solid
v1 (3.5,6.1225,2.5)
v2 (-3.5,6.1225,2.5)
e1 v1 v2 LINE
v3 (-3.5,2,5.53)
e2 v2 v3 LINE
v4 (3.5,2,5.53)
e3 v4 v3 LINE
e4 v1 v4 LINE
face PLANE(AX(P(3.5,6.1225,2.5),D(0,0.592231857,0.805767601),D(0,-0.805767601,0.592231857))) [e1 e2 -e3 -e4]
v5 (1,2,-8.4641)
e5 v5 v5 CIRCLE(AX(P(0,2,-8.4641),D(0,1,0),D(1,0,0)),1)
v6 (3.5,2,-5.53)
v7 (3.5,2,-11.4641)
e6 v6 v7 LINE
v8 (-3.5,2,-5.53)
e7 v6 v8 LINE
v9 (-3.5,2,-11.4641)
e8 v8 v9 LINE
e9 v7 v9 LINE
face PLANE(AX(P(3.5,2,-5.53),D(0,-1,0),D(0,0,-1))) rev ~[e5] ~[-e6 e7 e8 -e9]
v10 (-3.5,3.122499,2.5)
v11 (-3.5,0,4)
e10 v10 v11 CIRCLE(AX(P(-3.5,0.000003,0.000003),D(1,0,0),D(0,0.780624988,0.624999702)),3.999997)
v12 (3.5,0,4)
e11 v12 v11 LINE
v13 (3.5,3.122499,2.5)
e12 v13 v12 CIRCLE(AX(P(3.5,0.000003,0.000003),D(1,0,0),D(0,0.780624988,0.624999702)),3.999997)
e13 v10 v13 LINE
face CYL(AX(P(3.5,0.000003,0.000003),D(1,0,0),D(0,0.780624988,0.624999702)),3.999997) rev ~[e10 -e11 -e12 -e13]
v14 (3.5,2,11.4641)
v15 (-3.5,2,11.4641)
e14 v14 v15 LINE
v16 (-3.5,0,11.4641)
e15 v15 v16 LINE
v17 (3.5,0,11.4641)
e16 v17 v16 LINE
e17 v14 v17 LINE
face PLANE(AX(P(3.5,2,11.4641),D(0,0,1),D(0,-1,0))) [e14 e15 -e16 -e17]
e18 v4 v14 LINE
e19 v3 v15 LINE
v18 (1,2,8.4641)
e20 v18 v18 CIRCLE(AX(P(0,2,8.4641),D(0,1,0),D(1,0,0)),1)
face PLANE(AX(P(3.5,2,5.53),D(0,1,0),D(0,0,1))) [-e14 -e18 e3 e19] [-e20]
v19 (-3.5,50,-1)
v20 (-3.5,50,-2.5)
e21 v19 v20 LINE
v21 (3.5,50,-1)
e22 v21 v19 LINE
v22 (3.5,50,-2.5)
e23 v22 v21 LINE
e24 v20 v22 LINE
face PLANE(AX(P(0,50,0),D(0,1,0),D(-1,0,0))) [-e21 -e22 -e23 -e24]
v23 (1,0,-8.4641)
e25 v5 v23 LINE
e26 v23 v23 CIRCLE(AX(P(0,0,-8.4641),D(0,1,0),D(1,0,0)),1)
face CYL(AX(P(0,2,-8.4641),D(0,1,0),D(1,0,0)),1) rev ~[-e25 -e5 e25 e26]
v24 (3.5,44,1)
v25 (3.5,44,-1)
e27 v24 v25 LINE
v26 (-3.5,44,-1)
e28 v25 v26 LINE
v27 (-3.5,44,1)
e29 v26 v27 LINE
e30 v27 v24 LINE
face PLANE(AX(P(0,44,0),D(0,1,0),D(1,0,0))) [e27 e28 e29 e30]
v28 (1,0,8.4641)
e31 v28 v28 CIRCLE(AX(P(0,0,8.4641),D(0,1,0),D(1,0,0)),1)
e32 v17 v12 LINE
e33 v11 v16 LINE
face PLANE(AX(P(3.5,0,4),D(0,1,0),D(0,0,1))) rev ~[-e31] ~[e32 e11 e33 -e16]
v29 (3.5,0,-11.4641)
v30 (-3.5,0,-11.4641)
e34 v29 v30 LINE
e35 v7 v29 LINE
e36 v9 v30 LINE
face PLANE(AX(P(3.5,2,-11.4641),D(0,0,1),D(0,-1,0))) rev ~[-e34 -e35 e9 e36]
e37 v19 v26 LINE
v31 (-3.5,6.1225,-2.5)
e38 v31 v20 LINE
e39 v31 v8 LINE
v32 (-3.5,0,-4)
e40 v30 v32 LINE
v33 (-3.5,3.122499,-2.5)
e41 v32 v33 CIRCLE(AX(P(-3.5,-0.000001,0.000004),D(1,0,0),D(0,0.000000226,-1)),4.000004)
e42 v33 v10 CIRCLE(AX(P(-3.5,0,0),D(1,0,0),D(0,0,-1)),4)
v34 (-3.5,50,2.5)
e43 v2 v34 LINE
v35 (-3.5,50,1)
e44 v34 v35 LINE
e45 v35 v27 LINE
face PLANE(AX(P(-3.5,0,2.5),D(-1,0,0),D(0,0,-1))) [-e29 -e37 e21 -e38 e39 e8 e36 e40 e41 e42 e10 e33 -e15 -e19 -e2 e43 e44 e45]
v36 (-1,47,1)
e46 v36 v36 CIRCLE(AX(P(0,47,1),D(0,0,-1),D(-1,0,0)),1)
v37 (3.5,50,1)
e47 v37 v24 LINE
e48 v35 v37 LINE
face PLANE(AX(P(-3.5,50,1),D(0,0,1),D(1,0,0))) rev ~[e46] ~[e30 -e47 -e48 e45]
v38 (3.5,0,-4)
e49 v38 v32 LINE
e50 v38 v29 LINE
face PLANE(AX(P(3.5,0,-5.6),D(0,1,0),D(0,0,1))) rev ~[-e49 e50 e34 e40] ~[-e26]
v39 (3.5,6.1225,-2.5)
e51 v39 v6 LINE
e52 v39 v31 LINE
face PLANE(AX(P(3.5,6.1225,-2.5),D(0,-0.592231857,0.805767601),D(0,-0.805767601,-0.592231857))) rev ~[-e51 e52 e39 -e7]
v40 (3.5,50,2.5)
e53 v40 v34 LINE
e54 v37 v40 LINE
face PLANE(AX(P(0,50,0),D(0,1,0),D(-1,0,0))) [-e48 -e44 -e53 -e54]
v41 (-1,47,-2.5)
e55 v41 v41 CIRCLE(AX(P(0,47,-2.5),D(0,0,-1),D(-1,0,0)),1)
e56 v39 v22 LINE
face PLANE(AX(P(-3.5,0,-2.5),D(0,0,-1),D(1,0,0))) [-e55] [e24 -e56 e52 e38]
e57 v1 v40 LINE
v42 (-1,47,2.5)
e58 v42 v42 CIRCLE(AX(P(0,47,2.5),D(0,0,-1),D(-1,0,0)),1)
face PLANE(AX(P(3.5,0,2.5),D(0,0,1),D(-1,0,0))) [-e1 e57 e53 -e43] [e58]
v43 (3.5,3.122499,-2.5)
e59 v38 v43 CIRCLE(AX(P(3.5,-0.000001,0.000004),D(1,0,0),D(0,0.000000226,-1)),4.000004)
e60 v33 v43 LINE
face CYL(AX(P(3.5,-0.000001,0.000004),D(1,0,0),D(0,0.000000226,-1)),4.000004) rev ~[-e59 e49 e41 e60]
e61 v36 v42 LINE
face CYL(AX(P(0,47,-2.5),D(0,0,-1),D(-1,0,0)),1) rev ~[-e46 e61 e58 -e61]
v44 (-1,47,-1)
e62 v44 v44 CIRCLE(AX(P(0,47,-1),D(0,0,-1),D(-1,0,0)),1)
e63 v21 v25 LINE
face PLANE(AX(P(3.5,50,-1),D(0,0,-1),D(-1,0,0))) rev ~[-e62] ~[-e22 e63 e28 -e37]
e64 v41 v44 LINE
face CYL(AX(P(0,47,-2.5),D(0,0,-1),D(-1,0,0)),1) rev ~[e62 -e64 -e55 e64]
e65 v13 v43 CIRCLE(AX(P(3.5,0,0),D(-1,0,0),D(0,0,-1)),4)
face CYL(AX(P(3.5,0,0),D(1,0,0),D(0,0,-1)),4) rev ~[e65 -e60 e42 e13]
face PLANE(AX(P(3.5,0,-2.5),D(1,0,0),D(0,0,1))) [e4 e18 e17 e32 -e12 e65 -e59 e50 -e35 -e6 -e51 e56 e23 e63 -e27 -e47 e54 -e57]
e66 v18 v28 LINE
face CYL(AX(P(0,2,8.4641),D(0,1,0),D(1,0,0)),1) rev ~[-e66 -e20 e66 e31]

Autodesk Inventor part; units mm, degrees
ref_plane "YZ Plane" through (0, 0, 0) normal (1, 0, 0) x (0, 1, 0)
ref_plane "XZ Plane" through (0, 0, 0) normal (0, 1, 0) x (-1, 0, 0)
ref_plane "XY Plane" through (0, 0, 0) normal (0, 0, 1) x (1, 0, 0)
sketch "Sketch1" plane through (0, 0, 0) normal (0, 1, 0) x (-1, 0, 0)
  line L0 (-3.5, 2.5) -> (3.5, 2.5)
  line L1 (3.5, 2.5) -> (3.5, -2.5)
  line L2 (3.5, -2.5) -> (-3.5, -2.5)
  line L3 (-3.5, -2.5) -> (-3.5, 2.5)
  line L4 (-3.5, 2.5) -> (3.5, -2.5) construction
  line L5 (3.5, 2.5) -> (-3.5, -2.5) construction
  point P0 (0, 0)
  dimension "d0" = 5
  dimension "d1" = 7
extrude "Extrusion1" add sketch "Sketch1" along normal blind 50
sketch "Sketch2" plane through (0, 50, 0) normal (0, 1, 0) x (1, 0, 0)
  line L0 (-3.5, -2.5) -> (3.5, -2.5) projected
  line L1 (3.5, -2.5) -> (3.5, 2.5) projected
  line L2 (3.5, 2.5) -> (-3.5, 2.5) projected
  line L3 (-3.5, 2.5) -> (-3.5, -2.5) projected
  line L4 (-3.5, -1) -> (3.5, -1)
  line L5 (3.5, -1) -> (3.5, 1)
  line L6 (3.5, 1) -> (-3.5, 1)
  line L7 (-3.5, 1) -> (-3.5, -1)
  point P0 (0, 0)
  dimension "d4" = 1.5
  dimension "d5" = 1.5
extrude "Extrusion2" cut sketch "Sketch2" against normal blind 6 contours L3 L6 L1 L4
sketch "Sketch3" plane through (3.5, 0, -2.5) normal (0, 0, -1) x (-1, 0, 0)
  line L0 (7, 0) -> (7, 50) projected
  line L1 (0, 50) -> (7, 50) projected
  circle A0 centre (3.5, 47) radius 1
  point P0 (3.5, 0)
  dimension "d8" = 2
  dimension "d9" = 3
  dimension "d10" = 3.5
extrude "Extrusion3" cut sketch "Sketch3" against normal through all
sketch "Sketch4" plane through (3.5, 0, 2.5) normal (1, 0, 0) x (0, 0, -1)
  line L0 (5, 0) -> (5, 50) projected
  line L1 (0, 0) -> (0, 50) projected
  line L2 (0, 0) -> (5, 0) projected
  circle A0 centre (2.5, 0) radius 4
  line L3 (8.1, 0) -> (-3.1, 0) projected
  dimension "d21" = 8
extrude "Extrusion4" cut sketch "Sketch4" against normal through all
sketch "Sketch6" plane through (3.5, 44, -1) normal (1, 0, 0) x (0, 0, -1)
  arc A0 (1.5, -40.8775) -> (-3.5, -40.8775) centre (-1, -44) ccw construction
  line L0 (1.5, -40.8775) -> (1.5, 6) projected
  line L1 (-3.5, -40.8775) -> (-3.5, 6) projected
  arc A1 (-3.5, -40.8775) -> (-5, -44) centre (-1, -44) ccw
  line L2 (4.6, -44) -> (-6.6, -44) projected
  line L3 (-15.2174, -44) -> (-5, -44) construction
  arc A2 (1.5, -40.8775) -> (-3.5, -40.8775) centre (-1, -44) ccw
  arc A3 (-5, -44) -> (3, -44) centre (-1, -44) ccw construction
  arc A4 (3, -44) -> (1.5, -40.8775) centre (-1, -44) ccw
  line L4 (-3.5, -37.8775) -> (-6.53, -42)
  line L5 (-1, -58.8) -> (-1, 16.8) projected
  line L6 (-4.4641, -42) -> (-6.53, -42) construction
  line L7 (-12.4641, -42) -> (-12.4641, -44)
  line L8 (-12.4641, -44) -> (-5, -44)
  line L9 (-4.4641, -44) -> (-4.4641, -42) construction
  line L10 (-6.53, -42) -> (-12.4641, -42)
  line L11 (-6.53, -42) -> (-8, -44) construction
  line L12 (-5, -44) -> (17.7359, -44) construction
  line L13 (-5, -44) -> (-4.4641, -44) construction
  line L14 (1.5, -37.8775) -> (4.53, -42)
  line L15 (10.4641, -42) -> (10.4641, -44)
  line L16 (10.4641, -44) -> (3, -44)
  line L17 (4.53, -42) -> (10.4641, -42)
  line L18 (1.5, -37.8775) -> (-3.5, -37.8775)
  dimension "d26" = 3
  dimension "d27" = 3
  dimension "d28" = 8
  dimension "d29" = 2
extrude "Extrusion5" add sketch "Sketch6" against normal blind 7 contours A2 L5 L18 L0 | L0 L14 L17 L15 L16 L2 A4 | A2 L1 L18 L5 | A1 L2 L8 L7 L10 L4 L1
sketch "Sketch7" plane through (3.5, 2, 11.4641) normal (0, 1, 0) x (1, 0, 0)
  line L0 (-7, 0) -> (-7, 5.9341) projected
  line L1 (0, 0) -> (-7, 0) projected
  circle A0 centre (-3.5, 3) radius 1
  circle A1 centre (-3.5, 19.9282) radius 1
  line L2 (-7, 16.9941) -> (-7, 22.9282) projected
  line L3 (0, 22.9282) -> (-7, 22.9282) projected
  point P0 (-3.5, 11.4641)
  dimension "d32" = 2
  dimension "d33" = 3
  dimension "d34" = 3.5
  dimension "d35" = 3.5
  dimension "d36" = 3
  dimension "d37" = 2
extrude "Extrusion6" cut sketch "Sketch7" against normal through all
properties part number "LD_holder_p5"
